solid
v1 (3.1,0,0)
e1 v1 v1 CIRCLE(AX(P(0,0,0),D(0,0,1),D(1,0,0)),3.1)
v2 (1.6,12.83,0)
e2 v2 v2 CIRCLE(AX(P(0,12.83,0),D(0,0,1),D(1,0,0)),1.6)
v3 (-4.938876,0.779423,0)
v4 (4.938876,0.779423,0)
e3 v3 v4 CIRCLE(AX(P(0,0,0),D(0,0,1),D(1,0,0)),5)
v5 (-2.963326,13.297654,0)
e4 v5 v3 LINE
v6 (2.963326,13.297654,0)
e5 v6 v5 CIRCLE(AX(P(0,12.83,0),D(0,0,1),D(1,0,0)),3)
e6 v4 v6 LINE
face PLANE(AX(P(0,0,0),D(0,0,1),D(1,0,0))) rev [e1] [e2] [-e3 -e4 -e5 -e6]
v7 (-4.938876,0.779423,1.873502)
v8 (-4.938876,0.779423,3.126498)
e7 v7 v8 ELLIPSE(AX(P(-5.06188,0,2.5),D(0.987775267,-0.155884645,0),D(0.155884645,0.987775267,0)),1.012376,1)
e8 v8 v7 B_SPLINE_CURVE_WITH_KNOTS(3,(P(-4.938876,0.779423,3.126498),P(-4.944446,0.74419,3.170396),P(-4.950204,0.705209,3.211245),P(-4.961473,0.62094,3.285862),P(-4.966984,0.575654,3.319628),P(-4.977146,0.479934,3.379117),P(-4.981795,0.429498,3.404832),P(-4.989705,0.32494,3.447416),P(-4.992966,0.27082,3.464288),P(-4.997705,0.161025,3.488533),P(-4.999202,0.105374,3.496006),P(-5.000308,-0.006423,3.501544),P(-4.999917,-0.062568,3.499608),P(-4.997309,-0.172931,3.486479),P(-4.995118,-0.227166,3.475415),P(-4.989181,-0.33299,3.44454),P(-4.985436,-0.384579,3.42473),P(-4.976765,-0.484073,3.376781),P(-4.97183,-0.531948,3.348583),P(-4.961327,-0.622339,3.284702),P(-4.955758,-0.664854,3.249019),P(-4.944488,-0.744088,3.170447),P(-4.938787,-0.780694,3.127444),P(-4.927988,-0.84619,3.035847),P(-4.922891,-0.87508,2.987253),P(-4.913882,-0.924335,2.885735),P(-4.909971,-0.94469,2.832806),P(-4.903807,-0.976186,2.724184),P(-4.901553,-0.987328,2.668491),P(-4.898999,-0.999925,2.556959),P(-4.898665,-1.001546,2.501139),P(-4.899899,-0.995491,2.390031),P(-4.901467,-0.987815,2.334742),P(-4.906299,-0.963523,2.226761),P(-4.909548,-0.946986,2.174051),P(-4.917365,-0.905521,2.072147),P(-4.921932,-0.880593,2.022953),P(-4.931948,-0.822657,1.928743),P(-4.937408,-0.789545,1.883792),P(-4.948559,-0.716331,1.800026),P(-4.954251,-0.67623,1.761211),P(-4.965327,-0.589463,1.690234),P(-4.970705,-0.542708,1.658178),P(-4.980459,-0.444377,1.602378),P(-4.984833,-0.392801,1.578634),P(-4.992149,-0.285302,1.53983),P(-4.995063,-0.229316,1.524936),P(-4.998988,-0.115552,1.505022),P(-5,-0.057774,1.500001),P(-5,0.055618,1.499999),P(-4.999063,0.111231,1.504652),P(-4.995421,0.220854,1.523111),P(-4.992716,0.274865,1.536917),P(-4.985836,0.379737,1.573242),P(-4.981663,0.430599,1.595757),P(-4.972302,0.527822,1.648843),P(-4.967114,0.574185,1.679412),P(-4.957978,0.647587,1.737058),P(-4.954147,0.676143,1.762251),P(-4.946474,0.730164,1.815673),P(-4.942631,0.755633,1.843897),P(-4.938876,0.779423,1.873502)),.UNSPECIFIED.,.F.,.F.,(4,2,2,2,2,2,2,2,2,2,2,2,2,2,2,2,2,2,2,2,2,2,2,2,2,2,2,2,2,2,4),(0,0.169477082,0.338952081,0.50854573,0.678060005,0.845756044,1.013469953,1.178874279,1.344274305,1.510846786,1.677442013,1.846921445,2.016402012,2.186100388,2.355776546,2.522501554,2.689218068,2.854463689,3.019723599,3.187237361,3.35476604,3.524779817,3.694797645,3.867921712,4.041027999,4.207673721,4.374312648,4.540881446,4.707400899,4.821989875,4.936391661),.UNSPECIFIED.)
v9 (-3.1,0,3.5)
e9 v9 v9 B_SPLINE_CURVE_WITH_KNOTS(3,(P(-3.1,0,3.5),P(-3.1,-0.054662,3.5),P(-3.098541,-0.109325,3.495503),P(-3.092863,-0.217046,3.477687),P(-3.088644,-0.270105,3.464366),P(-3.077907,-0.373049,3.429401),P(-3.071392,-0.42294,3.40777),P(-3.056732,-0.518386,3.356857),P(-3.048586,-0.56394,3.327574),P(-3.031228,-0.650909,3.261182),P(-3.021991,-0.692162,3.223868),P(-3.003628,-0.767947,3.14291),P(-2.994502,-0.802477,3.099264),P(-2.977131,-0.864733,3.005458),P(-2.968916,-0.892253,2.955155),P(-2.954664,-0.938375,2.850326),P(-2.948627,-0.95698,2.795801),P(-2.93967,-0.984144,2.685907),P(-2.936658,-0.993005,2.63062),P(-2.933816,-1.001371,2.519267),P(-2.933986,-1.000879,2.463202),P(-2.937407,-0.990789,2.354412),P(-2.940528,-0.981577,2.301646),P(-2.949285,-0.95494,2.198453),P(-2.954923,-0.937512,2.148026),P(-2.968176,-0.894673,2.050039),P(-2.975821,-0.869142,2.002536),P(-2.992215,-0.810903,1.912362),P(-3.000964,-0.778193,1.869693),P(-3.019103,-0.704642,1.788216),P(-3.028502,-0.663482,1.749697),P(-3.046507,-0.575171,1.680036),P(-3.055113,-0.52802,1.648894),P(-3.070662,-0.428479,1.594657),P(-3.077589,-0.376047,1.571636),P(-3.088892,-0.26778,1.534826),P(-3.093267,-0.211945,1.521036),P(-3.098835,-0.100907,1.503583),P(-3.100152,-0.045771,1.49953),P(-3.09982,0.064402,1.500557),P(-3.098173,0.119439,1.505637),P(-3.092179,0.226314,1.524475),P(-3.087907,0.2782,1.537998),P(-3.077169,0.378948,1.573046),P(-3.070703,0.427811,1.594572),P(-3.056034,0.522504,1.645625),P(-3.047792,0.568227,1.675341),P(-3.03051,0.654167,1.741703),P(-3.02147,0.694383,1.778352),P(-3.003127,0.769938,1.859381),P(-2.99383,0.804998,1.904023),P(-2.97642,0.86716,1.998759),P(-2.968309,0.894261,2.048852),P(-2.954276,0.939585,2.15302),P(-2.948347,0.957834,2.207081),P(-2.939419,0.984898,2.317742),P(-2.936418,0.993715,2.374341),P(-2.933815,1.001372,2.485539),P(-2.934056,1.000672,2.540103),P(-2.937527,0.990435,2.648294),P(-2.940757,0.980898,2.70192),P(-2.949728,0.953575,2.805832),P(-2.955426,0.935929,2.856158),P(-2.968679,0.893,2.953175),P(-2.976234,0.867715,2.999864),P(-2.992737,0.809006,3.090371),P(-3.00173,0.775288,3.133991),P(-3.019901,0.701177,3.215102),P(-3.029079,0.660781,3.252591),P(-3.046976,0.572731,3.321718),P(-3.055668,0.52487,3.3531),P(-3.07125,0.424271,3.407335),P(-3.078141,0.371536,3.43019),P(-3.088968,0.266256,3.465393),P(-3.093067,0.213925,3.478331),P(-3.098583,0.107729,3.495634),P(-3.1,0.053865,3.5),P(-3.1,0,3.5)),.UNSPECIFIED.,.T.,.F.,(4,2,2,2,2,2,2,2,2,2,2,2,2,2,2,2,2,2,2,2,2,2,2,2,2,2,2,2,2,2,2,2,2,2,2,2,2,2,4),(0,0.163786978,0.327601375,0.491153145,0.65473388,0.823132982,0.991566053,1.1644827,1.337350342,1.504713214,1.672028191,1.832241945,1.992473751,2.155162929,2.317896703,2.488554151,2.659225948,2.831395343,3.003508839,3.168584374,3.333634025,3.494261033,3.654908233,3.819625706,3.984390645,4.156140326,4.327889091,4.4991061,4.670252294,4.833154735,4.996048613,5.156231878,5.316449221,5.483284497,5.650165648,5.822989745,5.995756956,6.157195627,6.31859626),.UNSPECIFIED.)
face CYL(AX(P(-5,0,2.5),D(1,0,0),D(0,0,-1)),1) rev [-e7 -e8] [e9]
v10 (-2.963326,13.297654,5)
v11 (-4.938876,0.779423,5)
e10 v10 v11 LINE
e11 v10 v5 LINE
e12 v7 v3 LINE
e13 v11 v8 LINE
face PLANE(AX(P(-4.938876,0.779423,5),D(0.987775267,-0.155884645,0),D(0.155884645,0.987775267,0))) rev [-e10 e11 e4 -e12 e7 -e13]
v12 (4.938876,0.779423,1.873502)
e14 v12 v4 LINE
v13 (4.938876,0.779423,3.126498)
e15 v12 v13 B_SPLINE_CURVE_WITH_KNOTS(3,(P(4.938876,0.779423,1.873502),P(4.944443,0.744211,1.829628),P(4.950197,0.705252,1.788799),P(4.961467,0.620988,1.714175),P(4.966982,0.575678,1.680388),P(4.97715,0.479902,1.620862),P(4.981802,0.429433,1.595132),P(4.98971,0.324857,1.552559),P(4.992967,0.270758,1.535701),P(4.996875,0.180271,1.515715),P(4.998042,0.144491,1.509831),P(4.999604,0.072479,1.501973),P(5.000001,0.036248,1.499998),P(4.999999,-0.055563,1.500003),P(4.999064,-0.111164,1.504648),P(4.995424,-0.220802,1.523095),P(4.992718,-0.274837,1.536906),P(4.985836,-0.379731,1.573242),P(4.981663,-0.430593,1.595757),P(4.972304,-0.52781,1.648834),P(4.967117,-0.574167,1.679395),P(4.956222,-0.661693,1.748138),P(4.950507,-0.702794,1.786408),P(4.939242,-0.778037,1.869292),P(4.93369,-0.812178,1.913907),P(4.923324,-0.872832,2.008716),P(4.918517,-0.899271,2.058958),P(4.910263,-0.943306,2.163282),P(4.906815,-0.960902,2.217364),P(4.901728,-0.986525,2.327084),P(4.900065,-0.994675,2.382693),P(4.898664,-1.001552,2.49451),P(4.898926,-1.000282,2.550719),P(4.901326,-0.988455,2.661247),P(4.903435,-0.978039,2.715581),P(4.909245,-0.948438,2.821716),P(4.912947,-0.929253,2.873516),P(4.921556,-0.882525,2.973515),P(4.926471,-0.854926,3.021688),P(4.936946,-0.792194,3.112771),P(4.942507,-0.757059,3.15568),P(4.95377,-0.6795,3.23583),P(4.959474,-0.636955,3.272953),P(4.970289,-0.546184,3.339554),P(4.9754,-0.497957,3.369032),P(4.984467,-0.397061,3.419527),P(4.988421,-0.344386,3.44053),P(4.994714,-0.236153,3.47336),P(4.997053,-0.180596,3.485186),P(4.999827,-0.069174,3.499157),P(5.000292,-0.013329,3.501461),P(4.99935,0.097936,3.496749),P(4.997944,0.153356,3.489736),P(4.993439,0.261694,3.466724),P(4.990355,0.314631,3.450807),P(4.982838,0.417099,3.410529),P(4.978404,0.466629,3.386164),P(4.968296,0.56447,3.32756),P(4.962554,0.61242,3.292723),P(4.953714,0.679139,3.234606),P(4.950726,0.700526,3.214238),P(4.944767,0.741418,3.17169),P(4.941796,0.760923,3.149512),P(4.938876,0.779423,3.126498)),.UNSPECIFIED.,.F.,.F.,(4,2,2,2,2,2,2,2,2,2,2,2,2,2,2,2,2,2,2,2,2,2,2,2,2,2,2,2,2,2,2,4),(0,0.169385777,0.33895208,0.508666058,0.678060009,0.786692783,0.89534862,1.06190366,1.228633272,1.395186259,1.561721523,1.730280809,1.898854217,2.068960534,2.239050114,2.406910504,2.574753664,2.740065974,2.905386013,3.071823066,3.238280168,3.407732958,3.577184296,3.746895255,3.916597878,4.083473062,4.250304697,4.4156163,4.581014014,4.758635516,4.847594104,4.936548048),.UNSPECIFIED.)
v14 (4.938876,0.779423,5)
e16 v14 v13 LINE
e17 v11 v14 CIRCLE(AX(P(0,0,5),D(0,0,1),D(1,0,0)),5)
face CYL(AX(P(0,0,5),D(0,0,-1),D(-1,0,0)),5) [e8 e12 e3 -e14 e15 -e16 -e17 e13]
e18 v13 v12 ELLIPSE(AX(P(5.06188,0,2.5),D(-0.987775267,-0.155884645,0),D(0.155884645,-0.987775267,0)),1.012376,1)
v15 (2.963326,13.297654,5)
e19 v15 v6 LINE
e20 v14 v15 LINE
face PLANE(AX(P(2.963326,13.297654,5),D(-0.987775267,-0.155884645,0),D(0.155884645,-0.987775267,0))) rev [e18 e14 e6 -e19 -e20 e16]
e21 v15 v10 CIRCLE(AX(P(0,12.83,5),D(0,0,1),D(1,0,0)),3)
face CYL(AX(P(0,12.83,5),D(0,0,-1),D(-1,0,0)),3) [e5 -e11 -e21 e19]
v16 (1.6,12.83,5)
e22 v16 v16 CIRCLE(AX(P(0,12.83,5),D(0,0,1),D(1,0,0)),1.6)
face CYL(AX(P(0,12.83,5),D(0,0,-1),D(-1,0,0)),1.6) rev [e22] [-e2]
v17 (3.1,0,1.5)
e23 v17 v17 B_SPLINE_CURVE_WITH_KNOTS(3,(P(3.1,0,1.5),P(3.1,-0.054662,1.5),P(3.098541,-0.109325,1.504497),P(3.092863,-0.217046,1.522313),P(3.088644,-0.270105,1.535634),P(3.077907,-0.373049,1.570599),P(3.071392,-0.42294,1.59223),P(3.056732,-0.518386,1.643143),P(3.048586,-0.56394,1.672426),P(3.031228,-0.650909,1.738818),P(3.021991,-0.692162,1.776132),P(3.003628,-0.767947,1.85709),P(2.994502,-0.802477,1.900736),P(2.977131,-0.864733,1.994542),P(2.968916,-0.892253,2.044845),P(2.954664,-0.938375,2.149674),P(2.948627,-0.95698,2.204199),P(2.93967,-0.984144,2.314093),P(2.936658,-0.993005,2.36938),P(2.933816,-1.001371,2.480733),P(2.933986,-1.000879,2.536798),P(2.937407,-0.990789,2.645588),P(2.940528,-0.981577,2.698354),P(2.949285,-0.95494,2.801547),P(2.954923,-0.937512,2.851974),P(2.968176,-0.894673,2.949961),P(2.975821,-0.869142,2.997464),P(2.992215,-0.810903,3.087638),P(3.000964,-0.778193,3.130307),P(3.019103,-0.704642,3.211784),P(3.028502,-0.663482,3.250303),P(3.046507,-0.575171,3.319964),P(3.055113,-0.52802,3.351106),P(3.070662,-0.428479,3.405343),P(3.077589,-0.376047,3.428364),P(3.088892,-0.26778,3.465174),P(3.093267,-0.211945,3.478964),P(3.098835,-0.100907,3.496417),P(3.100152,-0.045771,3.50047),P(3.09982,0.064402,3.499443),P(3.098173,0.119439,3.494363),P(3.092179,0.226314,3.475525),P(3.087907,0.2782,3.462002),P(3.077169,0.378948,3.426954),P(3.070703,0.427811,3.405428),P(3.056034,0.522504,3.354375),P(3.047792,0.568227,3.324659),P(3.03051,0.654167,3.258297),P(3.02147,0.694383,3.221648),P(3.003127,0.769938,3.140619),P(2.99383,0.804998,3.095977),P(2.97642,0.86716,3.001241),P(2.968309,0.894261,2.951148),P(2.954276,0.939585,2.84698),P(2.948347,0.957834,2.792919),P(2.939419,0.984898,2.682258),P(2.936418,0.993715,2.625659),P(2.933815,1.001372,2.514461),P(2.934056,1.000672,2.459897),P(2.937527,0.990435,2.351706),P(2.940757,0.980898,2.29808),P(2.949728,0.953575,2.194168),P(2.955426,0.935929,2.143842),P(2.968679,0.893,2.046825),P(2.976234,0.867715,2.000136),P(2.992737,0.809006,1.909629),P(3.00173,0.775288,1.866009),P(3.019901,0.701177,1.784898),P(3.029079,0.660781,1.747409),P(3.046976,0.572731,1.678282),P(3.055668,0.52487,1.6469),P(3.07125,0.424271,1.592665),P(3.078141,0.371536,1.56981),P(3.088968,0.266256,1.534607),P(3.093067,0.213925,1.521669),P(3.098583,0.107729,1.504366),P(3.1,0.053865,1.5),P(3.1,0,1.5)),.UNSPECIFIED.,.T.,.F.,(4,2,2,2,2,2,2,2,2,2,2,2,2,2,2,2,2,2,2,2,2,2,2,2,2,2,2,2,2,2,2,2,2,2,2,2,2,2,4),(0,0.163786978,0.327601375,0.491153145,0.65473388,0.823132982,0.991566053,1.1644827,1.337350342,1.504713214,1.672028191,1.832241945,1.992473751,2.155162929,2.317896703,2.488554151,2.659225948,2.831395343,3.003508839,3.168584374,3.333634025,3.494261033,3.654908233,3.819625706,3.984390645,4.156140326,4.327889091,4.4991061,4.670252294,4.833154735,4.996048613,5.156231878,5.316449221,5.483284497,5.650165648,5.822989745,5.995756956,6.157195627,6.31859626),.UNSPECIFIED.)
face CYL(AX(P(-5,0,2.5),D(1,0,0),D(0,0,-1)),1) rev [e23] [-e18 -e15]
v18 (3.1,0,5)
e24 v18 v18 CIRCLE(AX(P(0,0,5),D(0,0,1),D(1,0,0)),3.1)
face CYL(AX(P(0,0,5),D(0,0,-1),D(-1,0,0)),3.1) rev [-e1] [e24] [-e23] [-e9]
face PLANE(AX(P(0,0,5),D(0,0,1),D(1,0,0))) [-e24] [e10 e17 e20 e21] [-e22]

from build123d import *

# Parameters (mm, degrees)
CROQUIS1_R                 = 3.1
CROQUIS1_R_2               = 1.6
SALIENTE_EXTRUIR1_DEPTH    = 5
CORTAR_EXTRUIR1_DEPTH      = 18.33749982
CORTAR_EXTRUIR1_DEPTH_BACK = 18.33749982
CROQUIS3_R                 = 1


with BuildPart() as part:
    # Croquis1 → Saliente-Extruir1 (new body)
    with BuildSketch(Plane.XY):
        with BuildLine():
            Line((-4.938876333, 0.779423227), (-2.9633258, 13.297653936))
            ThreePointArc((-2.9633258, 13.297653936), (0, 15.83), (2.9633258, 13.297653936))
            Line((2.9633258, 13.297653936), (4.938876333, 0.779423227))
            ThreePointArc((4.938876333, 0.779423227), (0, -5), (-4.938876333, 0.779423227))
        make_face()
        Circle(CROQUIS1_R, mode=Mode.SUBTRACT)
        with Locations((0, 12.83)):
            Circle(CROQUIS1_R_2, mode=Mode.SUBTRACT)
    extrude(amount=SALIENTE_EXTRUIR1_DEPTH)

    # Croquis3 → Cortar-Extruir1 (cut, two sides: drawn at the far end of the back side and taken through both)
    with BuildSketch(Plane(origin=(0, 0, 0), x_dir=(0, 0, -1), z_dir=(1, 0, 0)).offset(-CORTAR_EXTRUIR1_DEPTH_BACK)):
        with Locations((-2.5, 0)):
            Circle(CROQUIS3_R)
    extrude(amount=CORTAR_EXTRUIR1_DEPTH + CORTAR_EXTRUIR1_DEPTH_BACK, mode=Mode.SUBTRACT)


solid = part.part
